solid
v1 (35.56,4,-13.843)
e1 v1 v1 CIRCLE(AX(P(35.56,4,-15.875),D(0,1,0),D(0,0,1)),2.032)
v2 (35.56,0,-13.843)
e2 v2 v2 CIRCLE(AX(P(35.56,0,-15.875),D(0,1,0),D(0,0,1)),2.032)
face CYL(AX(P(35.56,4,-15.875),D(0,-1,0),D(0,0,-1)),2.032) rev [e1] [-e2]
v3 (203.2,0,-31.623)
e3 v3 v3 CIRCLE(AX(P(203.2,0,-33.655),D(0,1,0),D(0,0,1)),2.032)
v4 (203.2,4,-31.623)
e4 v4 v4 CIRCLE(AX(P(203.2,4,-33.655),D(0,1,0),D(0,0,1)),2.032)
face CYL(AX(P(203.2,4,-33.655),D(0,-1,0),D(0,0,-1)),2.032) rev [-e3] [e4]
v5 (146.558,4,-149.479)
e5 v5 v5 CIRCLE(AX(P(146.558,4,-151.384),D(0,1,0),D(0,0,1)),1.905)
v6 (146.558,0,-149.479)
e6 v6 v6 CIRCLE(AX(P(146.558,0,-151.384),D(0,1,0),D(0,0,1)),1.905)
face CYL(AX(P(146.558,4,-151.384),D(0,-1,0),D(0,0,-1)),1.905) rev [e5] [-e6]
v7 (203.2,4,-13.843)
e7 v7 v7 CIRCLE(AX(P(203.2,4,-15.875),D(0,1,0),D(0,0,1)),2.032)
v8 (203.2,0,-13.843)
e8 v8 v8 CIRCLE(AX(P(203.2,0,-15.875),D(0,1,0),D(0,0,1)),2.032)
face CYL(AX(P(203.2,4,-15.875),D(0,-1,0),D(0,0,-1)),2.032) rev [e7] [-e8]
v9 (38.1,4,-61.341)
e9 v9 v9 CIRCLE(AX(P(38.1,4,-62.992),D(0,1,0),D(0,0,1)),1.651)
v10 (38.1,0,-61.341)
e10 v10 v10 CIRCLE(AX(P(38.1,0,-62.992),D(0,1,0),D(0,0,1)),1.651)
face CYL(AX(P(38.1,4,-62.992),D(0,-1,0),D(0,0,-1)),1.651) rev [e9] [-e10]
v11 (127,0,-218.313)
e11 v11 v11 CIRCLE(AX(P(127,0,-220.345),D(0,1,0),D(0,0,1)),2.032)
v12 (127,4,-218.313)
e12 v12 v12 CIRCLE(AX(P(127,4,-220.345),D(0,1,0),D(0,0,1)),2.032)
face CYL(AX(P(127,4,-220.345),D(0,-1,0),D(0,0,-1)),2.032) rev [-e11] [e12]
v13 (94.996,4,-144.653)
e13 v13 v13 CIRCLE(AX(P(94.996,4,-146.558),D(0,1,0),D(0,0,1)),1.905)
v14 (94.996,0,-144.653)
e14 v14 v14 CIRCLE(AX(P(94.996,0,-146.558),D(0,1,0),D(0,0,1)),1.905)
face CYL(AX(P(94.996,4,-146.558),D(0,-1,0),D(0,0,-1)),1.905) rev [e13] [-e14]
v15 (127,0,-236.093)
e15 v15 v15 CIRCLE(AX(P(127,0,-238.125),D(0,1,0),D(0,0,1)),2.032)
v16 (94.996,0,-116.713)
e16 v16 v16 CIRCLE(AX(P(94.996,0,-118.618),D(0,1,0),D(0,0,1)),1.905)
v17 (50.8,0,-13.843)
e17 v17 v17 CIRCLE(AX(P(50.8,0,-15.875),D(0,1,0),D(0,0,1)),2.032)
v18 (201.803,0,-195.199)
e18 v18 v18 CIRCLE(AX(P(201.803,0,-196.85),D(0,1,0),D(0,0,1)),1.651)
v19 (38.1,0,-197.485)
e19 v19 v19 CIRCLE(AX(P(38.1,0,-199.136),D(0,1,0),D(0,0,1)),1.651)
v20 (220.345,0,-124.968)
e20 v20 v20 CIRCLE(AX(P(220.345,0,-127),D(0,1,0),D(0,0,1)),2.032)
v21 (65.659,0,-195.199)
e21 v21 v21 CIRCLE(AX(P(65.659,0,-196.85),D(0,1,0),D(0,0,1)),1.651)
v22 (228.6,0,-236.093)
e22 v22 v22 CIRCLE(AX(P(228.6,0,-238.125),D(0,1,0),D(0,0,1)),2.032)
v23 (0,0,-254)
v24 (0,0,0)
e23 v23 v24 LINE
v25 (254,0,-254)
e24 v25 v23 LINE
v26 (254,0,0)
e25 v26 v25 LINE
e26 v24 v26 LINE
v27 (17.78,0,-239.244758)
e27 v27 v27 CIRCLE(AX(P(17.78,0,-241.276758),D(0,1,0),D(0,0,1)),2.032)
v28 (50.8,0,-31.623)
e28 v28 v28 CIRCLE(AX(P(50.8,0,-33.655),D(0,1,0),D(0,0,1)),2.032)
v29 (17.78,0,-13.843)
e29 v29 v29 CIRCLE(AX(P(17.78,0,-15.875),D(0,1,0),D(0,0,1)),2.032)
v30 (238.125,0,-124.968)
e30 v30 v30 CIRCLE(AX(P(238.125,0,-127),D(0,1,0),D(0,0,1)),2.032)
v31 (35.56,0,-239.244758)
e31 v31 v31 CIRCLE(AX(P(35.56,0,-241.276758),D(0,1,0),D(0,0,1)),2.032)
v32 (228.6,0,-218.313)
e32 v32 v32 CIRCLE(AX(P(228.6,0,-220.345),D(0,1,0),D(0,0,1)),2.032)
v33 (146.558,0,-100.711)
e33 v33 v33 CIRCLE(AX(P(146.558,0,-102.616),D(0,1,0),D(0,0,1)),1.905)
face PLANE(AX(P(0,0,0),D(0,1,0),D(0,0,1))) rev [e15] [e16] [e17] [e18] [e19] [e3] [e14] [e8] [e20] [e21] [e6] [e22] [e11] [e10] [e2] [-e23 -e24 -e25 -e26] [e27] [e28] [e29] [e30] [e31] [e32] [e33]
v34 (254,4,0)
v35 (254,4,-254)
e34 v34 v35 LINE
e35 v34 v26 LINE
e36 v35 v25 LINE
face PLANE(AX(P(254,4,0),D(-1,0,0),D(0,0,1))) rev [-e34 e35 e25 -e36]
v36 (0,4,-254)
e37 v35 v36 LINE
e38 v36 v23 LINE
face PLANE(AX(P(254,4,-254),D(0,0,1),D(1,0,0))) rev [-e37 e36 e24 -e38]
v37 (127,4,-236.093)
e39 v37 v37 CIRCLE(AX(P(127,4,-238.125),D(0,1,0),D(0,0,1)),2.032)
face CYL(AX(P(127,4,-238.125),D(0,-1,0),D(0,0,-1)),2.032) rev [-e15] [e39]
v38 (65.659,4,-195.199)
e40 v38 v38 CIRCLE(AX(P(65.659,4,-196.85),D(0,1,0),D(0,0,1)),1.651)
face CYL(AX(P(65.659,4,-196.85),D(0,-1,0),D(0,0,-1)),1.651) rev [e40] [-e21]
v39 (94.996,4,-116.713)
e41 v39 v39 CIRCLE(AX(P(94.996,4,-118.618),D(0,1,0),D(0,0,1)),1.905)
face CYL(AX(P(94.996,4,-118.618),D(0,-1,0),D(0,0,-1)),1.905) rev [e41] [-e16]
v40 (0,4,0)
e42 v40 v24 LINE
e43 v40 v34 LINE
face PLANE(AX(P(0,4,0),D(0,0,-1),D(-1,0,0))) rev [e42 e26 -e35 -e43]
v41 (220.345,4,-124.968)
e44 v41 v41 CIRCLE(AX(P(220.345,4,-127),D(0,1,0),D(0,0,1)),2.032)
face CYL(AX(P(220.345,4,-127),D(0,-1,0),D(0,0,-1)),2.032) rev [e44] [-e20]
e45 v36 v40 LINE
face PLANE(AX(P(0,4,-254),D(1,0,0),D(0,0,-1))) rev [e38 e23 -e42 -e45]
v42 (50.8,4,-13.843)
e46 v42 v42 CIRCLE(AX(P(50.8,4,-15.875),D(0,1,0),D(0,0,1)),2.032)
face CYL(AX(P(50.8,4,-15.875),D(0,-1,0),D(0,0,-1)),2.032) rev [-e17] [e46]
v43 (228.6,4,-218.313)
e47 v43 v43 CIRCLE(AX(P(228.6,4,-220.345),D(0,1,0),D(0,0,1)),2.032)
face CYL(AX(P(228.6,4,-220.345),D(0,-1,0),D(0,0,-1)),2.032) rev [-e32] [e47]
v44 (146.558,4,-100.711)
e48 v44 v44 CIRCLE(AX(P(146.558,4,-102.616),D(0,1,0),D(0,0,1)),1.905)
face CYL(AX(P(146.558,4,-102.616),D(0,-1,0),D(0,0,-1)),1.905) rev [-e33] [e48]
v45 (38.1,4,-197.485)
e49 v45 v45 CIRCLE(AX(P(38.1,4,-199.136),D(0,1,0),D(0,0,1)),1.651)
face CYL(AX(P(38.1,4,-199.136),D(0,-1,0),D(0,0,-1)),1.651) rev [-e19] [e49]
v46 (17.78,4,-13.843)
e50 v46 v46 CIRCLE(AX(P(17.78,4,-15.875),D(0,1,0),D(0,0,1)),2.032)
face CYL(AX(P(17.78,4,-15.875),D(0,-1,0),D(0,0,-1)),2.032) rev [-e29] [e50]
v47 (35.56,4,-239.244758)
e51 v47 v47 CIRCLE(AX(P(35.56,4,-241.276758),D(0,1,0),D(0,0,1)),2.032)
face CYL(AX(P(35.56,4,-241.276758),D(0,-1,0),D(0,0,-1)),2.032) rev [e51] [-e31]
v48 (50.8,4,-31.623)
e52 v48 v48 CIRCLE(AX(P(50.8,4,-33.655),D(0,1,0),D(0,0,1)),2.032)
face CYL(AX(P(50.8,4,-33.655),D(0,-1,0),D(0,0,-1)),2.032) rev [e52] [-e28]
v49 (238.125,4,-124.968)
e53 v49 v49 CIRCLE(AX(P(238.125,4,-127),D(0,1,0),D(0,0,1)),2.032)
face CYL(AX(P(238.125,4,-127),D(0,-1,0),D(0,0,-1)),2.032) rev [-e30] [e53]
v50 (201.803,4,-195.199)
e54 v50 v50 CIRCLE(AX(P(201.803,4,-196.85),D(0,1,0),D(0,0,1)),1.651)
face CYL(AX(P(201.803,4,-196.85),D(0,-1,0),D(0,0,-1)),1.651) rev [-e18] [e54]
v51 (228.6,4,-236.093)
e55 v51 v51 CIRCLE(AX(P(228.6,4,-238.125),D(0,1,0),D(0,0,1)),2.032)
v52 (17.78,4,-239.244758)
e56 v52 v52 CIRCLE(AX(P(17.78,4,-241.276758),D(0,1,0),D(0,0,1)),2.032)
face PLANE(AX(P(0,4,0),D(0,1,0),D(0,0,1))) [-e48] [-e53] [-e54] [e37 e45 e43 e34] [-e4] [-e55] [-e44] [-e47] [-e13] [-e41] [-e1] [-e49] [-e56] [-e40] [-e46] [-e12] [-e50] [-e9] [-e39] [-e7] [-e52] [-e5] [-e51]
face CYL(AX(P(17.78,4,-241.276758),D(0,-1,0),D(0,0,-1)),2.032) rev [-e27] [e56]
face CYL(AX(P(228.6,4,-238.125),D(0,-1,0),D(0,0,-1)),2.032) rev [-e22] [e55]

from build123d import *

# Parameters (mm, degrees)
SKETCH1_W           = 254
SKETCH1_H           = 254
SKETCH1_R           = 1.651
SKETCH1_R_2         = 2.032
SKETCH1_R_3         = 1.905
BOSS_EXTRUDE1_DEPTH = 4


with BuildPart() as part:
    # Sketch1 → Boss-Extrude1 (new body)
    with BuildSketch(Plane(origin=(0, 0, 0), x_dir=(1, 0, 0), z_dir=(0, 1, 0))):
        with Locations((127, 127)):
            Rectangle(SKETCH1_W, SKETCH1_H)
        with Locations(Location((201.803, 196.85, 0), (0, 0, 270))):
            Circle(SKETCH1_R, mode=Mode.SUBTRACT)
        with Locations(Location((65.659, 196.85, 0), (0, 0, 270))):
            Circle(SKETCH1_R, mode=Mode.SUBTRACT)
        with Locations(Location((38.1, 199.136, 0), (0, 0, 270))):
            Circle(SKETCH1_R, mode=Mode.SUBTRACT)
        with Locations(Location((220.345, 127, 0), (0, 0, 270))):
            Circle(SKETCH1_R_2, mode=Mode.SUBTRACT)
        with Locations(Location((238.125, 127, 0), (0, 0, 270))):
            Circle(SKETCH1_R_2, mode=Mode.SUBTRACT)
        with Locations(Location((50.8, 33.655, 0), (0, 0, 270))):
            Circle(SKETCH1_R_2, mode=Mode.SUBTRACT)
        with Locations(Location((50.8, 15.875, 0), (0, 0, 270))):
            Circle(SKETCH1_R_2, mode=Mode.SUBTRACT)
        with Locations(Location((228.6, 238.125, 0), (0, 0, 270))):
            Circle(SKETCH1_R_2, mode=Mode.SUBTRACT)
        with Locations(Location((228.6, 220.345, 0), (0, 0, 270))):
            Circle(SKETCH1_R_2, mode=Mode.SUBTRACT)
        with Locations(Location((94.996, 146.558, 0), (0, 0, 270))):
            Circle(SKETCH1_R_3, mode=Mode.SUBTRACT)
        with Locations(Location((94.996, 118.618, 0), (0, 0, 270))):
            Circle(SKETCH1_R_3, mode=Mode.SUBTRACT)
        with Locations(Location((146.558, 102.616, 0), (0, 0, 270))):
            Circle(SKETCH1_R_3, mode=Mode.SUBTRACT)
        with Locations(Location((146.558, 151.384, 0), (0, 0, 270))):
            Circle(SKETCH1_R_3, mode=Mode.SUBTRACT)
        with Locations(Location((38.1, 62.992, 0), (0, 0, 270))):
            Circle(SKETCH1_R, mode=Mode.SUBTRACT)
        with Locations(Location((203.2, 33.655, 0), (0, 0, 270))):
            Circle(SKETCH1_R_2, mode=Mode.SUBTRACT)
        with Locations(Location((203.2, 15.875, 0), (0, 0, 270))):
            Circle(SKETCH1_R_2, mode=Mode.SUBTRACT)
        with Locations(Location((127, 238.125, 0), (0, 0, 270))):
            Circle(SKETCH1_R_2, mode=Mode.SUBTRACT)
        with Locations(Location((127, 220.345, 0), (0, 0, 270))):
            Circle(SKETCH1_R_2, mode=Mode.SUBTRACT)
        with Locations(Location((35.56, 15.875, 0), (0, 0, 270))):
            Circle(SKETCH1_R_2, mode=Mode.SUBTRACT)
        with Locations(Location((17.78, 15.875, 0), (0, 0, 270))):
            Circle(SKETCH1_R_2, mode=Mode.SUBTRACT)
        with Locations(Location((17.78, 241.276758032, 0), (0, 0, 270))):
            Circle(SKETCH1_R_2, mode=Mode.SUBTRACT)
        with Locations(Location((35.56, 241.276758032, 0), (0, 0, 270))):
            Circle(SKETCH1_R_2, mode=Mode.SUBTRACT)
    extrude(amount=BOSS_EXTRUDE1_DEPTH)


solid = part.part
